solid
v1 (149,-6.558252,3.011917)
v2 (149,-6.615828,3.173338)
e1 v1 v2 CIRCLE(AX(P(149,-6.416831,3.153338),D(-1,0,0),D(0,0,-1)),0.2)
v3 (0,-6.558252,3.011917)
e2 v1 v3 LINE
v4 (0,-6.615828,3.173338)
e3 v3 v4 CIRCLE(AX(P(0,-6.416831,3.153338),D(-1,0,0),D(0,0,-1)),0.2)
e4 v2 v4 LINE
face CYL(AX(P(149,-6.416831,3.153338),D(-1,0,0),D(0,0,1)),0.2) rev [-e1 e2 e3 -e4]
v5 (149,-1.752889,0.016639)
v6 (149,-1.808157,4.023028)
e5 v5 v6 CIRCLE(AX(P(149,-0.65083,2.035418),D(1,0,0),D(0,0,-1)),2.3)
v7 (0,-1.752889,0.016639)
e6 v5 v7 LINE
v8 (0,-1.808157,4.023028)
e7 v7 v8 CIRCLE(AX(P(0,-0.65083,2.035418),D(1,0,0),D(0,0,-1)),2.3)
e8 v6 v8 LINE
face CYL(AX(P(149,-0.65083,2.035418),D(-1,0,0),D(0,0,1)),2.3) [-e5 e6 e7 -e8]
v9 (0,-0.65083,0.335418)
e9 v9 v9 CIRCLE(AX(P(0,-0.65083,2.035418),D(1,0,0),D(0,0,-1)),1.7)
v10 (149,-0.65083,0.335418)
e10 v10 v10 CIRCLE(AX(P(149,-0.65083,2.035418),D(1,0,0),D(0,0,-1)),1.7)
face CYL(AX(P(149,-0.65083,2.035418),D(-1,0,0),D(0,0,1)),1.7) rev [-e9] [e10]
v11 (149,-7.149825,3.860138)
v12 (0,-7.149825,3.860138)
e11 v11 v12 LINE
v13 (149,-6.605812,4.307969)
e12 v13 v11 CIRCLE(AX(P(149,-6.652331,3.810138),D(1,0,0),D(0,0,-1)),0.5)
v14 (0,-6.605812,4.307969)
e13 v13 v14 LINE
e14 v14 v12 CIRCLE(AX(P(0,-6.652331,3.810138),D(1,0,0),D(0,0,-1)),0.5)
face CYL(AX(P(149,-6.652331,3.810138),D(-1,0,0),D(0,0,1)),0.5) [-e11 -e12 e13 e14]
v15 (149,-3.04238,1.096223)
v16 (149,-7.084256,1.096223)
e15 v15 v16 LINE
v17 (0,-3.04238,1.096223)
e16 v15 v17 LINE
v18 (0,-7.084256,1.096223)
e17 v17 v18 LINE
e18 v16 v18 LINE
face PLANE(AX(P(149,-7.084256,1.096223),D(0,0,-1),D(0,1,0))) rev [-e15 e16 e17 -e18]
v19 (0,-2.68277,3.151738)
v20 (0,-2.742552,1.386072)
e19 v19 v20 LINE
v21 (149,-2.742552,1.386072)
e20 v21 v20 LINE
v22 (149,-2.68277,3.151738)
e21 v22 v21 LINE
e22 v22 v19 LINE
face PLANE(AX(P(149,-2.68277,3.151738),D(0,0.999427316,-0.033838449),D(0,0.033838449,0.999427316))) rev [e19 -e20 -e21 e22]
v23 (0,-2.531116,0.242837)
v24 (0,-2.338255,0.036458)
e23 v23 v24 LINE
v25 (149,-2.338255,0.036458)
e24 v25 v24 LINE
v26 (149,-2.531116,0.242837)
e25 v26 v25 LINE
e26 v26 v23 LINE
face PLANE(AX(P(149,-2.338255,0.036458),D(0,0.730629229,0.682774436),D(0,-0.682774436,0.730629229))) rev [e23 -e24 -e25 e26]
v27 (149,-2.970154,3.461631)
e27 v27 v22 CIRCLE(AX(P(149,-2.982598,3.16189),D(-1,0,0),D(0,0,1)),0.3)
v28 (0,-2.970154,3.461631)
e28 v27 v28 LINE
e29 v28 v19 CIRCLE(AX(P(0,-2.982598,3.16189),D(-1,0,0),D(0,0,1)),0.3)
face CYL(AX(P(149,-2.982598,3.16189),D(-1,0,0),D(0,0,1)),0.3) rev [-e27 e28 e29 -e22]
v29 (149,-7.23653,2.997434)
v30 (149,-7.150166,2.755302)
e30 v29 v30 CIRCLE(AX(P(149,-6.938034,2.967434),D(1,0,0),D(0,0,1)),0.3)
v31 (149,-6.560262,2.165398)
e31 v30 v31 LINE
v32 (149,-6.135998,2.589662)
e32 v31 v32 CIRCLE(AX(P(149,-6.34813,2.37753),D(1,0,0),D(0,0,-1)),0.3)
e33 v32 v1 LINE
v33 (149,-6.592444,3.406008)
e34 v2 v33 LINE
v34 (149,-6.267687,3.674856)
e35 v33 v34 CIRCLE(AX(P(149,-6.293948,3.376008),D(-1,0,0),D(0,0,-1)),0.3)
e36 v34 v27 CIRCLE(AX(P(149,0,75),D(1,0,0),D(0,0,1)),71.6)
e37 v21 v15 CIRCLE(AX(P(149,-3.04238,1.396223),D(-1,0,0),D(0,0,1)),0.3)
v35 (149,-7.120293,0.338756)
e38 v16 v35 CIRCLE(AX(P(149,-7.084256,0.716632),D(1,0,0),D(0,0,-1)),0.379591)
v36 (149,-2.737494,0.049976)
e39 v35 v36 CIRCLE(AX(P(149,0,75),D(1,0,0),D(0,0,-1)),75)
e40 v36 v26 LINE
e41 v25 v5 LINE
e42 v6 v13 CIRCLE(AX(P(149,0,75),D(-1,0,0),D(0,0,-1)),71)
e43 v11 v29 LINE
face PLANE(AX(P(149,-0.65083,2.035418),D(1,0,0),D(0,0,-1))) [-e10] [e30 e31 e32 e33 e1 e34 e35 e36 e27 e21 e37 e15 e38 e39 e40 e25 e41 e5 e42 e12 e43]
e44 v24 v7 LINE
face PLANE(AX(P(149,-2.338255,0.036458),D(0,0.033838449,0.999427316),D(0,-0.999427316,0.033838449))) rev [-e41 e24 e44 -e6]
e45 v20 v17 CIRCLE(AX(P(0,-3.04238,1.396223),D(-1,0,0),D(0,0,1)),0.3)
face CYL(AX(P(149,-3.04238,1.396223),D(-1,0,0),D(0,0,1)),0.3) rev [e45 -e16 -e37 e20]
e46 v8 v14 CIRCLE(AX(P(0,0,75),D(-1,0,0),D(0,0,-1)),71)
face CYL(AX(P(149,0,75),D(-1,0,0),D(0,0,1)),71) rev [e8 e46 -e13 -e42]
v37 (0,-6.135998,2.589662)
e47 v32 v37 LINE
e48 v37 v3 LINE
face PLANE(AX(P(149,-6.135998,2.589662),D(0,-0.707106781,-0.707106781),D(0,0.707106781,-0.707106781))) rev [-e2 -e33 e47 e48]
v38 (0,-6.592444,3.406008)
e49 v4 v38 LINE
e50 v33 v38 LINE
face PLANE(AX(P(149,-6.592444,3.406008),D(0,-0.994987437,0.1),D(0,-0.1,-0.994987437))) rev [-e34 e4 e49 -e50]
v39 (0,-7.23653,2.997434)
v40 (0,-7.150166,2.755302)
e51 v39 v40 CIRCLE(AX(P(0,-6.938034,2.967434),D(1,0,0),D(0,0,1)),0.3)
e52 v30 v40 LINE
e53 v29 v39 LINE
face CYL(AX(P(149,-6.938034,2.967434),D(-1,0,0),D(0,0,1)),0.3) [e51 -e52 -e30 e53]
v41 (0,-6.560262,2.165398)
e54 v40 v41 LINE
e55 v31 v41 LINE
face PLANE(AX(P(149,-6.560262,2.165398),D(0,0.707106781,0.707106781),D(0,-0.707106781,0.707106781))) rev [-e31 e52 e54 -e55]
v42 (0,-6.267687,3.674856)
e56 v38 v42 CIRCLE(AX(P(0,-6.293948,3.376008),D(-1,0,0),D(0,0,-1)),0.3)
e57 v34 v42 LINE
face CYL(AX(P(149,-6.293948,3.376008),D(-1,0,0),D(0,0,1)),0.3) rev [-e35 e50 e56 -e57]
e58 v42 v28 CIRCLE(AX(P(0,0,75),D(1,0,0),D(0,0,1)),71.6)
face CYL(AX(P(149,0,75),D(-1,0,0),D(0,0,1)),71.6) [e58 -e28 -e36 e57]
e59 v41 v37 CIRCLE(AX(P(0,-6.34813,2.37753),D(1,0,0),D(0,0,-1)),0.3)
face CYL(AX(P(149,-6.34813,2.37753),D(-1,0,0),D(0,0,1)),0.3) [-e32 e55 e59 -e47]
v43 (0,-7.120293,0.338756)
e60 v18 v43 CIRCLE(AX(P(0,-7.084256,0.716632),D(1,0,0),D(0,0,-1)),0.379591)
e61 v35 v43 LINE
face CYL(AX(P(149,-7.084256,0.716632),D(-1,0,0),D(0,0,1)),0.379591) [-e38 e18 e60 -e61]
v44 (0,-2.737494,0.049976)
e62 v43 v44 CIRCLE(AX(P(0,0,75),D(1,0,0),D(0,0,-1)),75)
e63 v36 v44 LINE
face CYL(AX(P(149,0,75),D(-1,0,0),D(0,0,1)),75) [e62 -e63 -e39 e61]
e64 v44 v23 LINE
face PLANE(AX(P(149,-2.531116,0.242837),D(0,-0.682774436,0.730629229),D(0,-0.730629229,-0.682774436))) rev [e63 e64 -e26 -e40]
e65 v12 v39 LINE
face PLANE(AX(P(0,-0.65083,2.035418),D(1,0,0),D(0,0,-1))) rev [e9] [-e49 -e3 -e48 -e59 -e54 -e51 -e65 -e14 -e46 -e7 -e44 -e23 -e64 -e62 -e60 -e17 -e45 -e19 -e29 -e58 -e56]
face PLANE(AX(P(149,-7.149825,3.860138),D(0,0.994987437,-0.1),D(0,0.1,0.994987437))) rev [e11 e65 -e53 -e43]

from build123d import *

# Parameters (mm, degrees)
ESQUISSE1_R        = 1.7
BOSS_EXTRU_3_DEPTH = 149


with BuildPart() as part:
    # Esquisse1 → Boss.-Extru.3 (new body)
    with BuildSketch(Plane(origin=(0, 0, 0), x_dir=(0, 0, -1), z_dir=(1, 0, 0))):
        with BuildLine():
            Line((-0.036458437, -2.338254983), (-0.016639213, -1.752889064))
            ThreePointArc((-0.016639213, -1.752889064), (-2.067142856, 1.648951077), (-4.023027898, -1.808156853))
            ThreePointArc((-4.023027898, -1.808156853), (-4.124891636, -4.209395962), (-4.307968961, -6.605811654))
            ThreePointArc((-4.307968961, -6.605811654), (-4.19616552, -6.970108995), (-3.860137757, -7.149825173))
            Line((-3.860137757, -7.149825173), (-2.997434267, -7.236530136))
            ThreePointArc((-2.997434267, -7.236530136), (-2.866648786, -7.22059768), (-2.755302232, -7.150165939))
            Line((-2.755302232, -7.150165939), (-2.1653982, -6.560261907))
            ThreePointArc((-2.1653982, -6.560261907), (-2.1653982, -6.135997838), (-2.589662269, -6.135997838))
            Line((-2.589662269, -6.135997838), (-3.011916745, -6.558252315))
            ThreePointArc((-3.011916745, -6.558252315), (-3.086147781, -6.605206809), (-3.173338102, -6.615828446))
            Line((-3.173338102, -6.615828446), (-3.40600808, -6.592444233))
            ThreePointArc((-3.40600808, -6.592444233), (-3.607097173, -6.485253599), (-3.674856447, -6.267686745))
            ThreePointArc((-3.674856447, -6.267686745), (-3.549218264, -4.620150364), (-3.461631357, -2.970153511))
            ThreePointArc((-3.461631357, -2.970153511), (-3.365882071, -2.762627683), (-3.151738054, -2.682770094))
            Line((-3.151738054, -2.682770094), (-1.386071808, -2.742551736))
            ThreePointArc((-1.386071808, -2.742551736), (-1.180532058, -2.833867893), (-1.096223342, -3.042379931))
            Line((-1.096223342, -3.042379931), (-1.096223342, -7.084255902))
            ThreePointArc((-1.096223342, -7.084255902), (-0.734671234, -7.463418189), (-0.338755541, -7.12029324))
            ThreePointArc((-0.338755541, -7.12029324), (-0.162274501, -4.931008235), (-0.049975817, -2.737494297))
            Line((-0.049975817, -2.737494297), (-0.242836784, -2.53111595))
            Line((-0.242836784, -2.53111595), (-0.036458437, -2.338254983))
        make_face()
        with Locations((-2.035417571, -0.65083011)):
            Circle(ESQUISSE1_R, mode=Mode.SUBTRACT)
    extrude(amount=BOSS_EXTRU_3_DEPTH)


solid = part.part
